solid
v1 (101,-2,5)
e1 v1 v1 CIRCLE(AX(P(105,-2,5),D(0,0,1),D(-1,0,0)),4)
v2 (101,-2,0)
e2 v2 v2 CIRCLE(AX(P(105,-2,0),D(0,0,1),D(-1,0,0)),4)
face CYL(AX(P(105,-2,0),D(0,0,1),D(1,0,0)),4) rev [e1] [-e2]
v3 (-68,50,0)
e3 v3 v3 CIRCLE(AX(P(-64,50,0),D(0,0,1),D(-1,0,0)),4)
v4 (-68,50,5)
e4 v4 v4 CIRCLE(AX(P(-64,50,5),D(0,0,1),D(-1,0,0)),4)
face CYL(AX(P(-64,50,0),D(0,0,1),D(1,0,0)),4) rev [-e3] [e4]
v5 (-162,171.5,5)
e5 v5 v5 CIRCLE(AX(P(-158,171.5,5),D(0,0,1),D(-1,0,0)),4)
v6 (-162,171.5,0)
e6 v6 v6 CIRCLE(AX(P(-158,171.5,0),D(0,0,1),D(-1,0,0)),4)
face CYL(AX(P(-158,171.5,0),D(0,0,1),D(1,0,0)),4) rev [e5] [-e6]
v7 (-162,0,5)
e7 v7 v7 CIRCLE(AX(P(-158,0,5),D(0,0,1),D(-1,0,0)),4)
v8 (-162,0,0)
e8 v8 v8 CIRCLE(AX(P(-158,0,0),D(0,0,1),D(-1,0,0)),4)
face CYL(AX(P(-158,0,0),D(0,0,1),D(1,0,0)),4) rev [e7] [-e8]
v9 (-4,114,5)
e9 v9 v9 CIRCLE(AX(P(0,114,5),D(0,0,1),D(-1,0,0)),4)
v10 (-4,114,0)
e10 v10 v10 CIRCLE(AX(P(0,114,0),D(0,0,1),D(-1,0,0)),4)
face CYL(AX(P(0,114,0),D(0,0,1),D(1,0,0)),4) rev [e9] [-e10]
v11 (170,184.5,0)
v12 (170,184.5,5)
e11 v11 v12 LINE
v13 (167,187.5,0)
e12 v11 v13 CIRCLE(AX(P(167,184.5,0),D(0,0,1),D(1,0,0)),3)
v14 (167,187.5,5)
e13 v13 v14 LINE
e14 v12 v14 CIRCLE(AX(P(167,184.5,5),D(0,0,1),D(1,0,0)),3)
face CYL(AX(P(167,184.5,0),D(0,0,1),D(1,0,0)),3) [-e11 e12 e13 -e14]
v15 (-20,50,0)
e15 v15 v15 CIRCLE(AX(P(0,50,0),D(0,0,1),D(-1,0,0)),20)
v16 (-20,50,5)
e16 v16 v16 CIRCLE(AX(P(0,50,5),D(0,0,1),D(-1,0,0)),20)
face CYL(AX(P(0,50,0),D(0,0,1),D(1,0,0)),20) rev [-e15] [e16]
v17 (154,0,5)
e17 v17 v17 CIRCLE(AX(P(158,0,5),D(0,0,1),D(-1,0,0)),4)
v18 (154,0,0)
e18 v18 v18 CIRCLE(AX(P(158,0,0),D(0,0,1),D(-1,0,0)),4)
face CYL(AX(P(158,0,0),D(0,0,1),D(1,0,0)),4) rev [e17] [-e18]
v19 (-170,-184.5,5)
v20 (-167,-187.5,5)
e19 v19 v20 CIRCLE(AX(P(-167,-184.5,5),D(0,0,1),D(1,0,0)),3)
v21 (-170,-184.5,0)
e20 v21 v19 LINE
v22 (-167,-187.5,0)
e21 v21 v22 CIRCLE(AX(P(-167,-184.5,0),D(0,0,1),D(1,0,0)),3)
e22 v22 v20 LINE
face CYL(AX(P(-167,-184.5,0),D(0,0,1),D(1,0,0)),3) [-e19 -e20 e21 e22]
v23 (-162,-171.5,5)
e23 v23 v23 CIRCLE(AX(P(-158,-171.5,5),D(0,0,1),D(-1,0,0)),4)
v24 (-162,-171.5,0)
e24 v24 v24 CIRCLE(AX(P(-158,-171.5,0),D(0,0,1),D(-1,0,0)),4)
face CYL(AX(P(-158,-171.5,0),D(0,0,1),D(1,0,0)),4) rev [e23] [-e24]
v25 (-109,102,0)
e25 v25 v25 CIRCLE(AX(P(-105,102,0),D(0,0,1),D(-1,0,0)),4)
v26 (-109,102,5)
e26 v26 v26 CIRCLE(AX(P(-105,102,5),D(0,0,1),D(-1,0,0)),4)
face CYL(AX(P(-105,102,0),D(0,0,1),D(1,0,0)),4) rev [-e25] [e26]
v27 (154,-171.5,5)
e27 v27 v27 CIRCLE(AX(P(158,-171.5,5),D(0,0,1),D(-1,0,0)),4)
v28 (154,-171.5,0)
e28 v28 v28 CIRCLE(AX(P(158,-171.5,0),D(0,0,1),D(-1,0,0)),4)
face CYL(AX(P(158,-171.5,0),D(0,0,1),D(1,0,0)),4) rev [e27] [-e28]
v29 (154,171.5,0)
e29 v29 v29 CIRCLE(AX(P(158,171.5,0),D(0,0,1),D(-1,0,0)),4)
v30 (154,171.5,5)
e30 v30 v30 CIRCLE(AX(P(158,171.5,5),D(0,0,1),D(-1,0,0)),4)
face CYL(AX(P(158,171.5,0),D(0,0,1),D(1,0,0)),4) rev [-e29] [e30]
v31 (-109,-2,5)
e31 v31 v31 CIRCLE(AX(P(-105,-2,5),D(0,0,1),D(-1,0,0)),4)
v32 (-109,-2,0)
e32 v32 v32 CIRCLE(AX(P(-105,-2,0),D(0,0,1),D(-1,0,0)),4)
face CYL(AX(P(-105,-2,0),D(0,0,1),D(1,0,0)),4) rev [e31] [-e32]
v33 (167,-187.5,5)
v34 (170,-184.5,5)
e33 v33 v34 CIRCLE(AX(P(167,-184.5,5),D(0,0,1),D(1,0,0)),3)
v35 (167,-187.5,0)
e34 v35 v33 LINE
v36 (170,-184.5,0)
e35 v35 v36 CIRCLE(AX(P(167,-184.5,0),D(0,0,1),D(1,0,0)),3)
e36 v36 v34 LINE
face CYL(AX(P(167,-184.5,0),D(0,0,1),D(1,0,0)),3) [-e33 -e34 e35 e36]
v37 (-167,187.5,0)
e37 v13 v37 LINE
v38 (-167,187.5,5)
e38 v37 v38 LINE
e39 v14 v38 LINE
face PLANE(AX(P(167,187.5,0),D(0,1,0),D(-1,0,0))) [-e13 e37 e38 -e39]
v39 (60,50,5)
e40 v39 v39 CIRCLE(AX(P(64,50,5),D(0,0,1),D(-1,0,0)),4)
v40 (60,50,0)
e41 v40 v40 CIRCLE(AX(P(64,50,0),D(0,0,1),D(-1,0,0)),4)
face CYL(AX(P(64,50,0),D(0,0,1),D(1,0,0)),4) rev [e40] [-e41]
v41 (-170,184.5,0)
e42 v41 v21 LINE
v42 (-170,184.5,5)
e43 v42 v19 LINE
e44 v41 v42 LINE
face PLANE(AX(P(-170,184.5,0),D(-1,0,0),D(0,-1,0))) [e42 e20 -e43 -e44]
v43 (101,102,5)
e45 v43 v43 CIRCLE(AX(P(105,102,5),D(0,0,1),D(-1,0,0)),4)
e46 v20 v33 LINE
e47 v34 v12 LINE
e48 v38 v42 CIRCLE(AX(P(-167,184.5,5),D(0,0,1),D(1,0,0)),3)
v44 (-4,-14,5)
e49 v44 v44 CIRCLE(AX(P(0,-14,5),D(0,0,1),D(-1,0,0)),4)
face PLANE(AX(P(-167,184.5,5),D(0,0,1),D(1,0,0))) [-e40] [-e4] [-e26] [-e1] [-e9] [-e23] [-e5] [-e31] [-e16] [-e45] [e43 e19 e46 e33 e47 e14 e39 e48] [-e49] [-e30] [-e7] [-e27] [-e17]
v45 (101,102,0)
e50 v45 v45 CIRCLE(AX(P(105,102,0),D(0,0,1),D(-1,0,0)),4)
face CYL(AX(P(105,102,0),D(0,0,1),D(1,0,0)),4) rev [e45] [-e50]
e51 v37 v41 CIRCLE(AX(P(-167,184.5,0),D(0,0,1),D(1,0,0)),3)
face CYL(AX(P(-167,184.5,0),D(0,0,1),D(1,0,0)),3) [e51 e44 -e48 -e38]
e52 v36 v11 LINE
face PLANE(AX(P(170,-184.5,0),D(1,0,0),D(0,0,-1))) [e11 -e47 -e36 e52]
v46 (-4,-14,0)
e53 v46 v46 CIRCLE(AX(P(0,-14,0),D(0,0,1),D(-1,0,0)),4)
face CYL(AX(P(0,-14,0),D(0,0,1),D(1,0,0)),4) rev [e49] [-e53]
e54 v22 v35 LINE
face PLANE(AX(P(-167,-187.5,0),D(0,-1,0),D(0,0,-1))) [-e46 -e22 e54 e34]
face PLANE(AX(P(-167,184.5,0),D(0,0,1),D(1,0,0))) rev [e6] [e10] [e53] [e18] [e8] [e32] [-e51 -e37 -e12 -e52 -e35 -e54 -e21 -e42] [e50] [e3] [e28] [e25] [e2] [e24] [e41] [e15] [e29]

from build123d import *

# Parameters (mm, degrees)
SKETCH1_R           = 20
SKETCH1_R_2         = 4
BOSS_EXTRUDE1_DEPTH = 5


with BuildPart() as part:
    # Sketch1 → Boss-Extrude1 (new body)
    with BuildSketch(Plane.XY.offset(5)):
        with BuildLine():
            Line((-170, 184.5), (-170, -184.5))
            ThreePointArc((-170, -184.5), (-169.121320344, -186.621320344), (-167, -187.5))
            Line((-167, -187.5), (167, -187.5))
            ThreePointArc((167, -187.5), (169.121320344, -186.621320344), (170, -184.5))
            Line((170, -184.5), (170, 184.5))
            ThreePointArc((170, 184.5), (169.121320344, 186.621320344), (167, 187.5))
            Line((167, 187.5), (-167, 187.5))
            ThreePointArc((-167, 187.5), (-169.121320344, 186.621320344), (-170, 184.5))
        make_face()
        with Locations((0, 50)):
            Circle(SKETCH1_R, mode=Mode.SUBTRACT)
        with Locations((-64, 50)):
            Circle(SKETCH1_R_2, mode=Mode.SUBTRACT)
        with Locations((0, 114)):
            Circle(SKETCH1_R_2, mode=Mode.SUBTRACT)
        with Locations((64, 50)):
            Circle(SKETCH1_R_2, mode=Mode.SUBTRACT)
        with Locations((0, -14)):
            Circle(SKETCH1_R_2, mode=Mode.SUBTRACT)
        with Locations((158, 0)):
            Circle(SKETCH1_R_2, mode=Mode.SUBTRACT)
        with Locations((-158, 0)):
            Circle(SKETCH1_R_2, mode=Mode.SUBTRACT)
        with Locations((158, 171.5)):
            Circle(SKETCH1_R_2, mode=Mode.SUBTRACT)
        with Locations((-158, 171.5)):
            Circle(SKETCH1_R_2, mode=Mode.SUBTRACT)
        with Locations((-158, -171.5)):
            Circle(SKETCH1_R_2, mode=Mode.SUBTRACT)
        with Locations((158, -171.5)):
            Circle(SKETCH1_R_2, mode=Mode.SUBTRACT)
        with Locations((-105, 102)):
            Circle(SKETCH1_R_2, mode=Mode.SUBTRACT)
        with Locations((-105, -2)):
            Circle(SKETCH1_R_2, mode=Mode.SUBTRACT)
        with Locations((105, 102)):
            Circle(SKETCH1_R_2, mode=Mode.SUBTRACT)
        with Locations((105, -2)):
            Circle(SKETCH1_R_2, mode=Mode.SUBTRACT)
    extrude(amount=-BOSS_EXTRUDE1_DEPTH)


solid = part.part
